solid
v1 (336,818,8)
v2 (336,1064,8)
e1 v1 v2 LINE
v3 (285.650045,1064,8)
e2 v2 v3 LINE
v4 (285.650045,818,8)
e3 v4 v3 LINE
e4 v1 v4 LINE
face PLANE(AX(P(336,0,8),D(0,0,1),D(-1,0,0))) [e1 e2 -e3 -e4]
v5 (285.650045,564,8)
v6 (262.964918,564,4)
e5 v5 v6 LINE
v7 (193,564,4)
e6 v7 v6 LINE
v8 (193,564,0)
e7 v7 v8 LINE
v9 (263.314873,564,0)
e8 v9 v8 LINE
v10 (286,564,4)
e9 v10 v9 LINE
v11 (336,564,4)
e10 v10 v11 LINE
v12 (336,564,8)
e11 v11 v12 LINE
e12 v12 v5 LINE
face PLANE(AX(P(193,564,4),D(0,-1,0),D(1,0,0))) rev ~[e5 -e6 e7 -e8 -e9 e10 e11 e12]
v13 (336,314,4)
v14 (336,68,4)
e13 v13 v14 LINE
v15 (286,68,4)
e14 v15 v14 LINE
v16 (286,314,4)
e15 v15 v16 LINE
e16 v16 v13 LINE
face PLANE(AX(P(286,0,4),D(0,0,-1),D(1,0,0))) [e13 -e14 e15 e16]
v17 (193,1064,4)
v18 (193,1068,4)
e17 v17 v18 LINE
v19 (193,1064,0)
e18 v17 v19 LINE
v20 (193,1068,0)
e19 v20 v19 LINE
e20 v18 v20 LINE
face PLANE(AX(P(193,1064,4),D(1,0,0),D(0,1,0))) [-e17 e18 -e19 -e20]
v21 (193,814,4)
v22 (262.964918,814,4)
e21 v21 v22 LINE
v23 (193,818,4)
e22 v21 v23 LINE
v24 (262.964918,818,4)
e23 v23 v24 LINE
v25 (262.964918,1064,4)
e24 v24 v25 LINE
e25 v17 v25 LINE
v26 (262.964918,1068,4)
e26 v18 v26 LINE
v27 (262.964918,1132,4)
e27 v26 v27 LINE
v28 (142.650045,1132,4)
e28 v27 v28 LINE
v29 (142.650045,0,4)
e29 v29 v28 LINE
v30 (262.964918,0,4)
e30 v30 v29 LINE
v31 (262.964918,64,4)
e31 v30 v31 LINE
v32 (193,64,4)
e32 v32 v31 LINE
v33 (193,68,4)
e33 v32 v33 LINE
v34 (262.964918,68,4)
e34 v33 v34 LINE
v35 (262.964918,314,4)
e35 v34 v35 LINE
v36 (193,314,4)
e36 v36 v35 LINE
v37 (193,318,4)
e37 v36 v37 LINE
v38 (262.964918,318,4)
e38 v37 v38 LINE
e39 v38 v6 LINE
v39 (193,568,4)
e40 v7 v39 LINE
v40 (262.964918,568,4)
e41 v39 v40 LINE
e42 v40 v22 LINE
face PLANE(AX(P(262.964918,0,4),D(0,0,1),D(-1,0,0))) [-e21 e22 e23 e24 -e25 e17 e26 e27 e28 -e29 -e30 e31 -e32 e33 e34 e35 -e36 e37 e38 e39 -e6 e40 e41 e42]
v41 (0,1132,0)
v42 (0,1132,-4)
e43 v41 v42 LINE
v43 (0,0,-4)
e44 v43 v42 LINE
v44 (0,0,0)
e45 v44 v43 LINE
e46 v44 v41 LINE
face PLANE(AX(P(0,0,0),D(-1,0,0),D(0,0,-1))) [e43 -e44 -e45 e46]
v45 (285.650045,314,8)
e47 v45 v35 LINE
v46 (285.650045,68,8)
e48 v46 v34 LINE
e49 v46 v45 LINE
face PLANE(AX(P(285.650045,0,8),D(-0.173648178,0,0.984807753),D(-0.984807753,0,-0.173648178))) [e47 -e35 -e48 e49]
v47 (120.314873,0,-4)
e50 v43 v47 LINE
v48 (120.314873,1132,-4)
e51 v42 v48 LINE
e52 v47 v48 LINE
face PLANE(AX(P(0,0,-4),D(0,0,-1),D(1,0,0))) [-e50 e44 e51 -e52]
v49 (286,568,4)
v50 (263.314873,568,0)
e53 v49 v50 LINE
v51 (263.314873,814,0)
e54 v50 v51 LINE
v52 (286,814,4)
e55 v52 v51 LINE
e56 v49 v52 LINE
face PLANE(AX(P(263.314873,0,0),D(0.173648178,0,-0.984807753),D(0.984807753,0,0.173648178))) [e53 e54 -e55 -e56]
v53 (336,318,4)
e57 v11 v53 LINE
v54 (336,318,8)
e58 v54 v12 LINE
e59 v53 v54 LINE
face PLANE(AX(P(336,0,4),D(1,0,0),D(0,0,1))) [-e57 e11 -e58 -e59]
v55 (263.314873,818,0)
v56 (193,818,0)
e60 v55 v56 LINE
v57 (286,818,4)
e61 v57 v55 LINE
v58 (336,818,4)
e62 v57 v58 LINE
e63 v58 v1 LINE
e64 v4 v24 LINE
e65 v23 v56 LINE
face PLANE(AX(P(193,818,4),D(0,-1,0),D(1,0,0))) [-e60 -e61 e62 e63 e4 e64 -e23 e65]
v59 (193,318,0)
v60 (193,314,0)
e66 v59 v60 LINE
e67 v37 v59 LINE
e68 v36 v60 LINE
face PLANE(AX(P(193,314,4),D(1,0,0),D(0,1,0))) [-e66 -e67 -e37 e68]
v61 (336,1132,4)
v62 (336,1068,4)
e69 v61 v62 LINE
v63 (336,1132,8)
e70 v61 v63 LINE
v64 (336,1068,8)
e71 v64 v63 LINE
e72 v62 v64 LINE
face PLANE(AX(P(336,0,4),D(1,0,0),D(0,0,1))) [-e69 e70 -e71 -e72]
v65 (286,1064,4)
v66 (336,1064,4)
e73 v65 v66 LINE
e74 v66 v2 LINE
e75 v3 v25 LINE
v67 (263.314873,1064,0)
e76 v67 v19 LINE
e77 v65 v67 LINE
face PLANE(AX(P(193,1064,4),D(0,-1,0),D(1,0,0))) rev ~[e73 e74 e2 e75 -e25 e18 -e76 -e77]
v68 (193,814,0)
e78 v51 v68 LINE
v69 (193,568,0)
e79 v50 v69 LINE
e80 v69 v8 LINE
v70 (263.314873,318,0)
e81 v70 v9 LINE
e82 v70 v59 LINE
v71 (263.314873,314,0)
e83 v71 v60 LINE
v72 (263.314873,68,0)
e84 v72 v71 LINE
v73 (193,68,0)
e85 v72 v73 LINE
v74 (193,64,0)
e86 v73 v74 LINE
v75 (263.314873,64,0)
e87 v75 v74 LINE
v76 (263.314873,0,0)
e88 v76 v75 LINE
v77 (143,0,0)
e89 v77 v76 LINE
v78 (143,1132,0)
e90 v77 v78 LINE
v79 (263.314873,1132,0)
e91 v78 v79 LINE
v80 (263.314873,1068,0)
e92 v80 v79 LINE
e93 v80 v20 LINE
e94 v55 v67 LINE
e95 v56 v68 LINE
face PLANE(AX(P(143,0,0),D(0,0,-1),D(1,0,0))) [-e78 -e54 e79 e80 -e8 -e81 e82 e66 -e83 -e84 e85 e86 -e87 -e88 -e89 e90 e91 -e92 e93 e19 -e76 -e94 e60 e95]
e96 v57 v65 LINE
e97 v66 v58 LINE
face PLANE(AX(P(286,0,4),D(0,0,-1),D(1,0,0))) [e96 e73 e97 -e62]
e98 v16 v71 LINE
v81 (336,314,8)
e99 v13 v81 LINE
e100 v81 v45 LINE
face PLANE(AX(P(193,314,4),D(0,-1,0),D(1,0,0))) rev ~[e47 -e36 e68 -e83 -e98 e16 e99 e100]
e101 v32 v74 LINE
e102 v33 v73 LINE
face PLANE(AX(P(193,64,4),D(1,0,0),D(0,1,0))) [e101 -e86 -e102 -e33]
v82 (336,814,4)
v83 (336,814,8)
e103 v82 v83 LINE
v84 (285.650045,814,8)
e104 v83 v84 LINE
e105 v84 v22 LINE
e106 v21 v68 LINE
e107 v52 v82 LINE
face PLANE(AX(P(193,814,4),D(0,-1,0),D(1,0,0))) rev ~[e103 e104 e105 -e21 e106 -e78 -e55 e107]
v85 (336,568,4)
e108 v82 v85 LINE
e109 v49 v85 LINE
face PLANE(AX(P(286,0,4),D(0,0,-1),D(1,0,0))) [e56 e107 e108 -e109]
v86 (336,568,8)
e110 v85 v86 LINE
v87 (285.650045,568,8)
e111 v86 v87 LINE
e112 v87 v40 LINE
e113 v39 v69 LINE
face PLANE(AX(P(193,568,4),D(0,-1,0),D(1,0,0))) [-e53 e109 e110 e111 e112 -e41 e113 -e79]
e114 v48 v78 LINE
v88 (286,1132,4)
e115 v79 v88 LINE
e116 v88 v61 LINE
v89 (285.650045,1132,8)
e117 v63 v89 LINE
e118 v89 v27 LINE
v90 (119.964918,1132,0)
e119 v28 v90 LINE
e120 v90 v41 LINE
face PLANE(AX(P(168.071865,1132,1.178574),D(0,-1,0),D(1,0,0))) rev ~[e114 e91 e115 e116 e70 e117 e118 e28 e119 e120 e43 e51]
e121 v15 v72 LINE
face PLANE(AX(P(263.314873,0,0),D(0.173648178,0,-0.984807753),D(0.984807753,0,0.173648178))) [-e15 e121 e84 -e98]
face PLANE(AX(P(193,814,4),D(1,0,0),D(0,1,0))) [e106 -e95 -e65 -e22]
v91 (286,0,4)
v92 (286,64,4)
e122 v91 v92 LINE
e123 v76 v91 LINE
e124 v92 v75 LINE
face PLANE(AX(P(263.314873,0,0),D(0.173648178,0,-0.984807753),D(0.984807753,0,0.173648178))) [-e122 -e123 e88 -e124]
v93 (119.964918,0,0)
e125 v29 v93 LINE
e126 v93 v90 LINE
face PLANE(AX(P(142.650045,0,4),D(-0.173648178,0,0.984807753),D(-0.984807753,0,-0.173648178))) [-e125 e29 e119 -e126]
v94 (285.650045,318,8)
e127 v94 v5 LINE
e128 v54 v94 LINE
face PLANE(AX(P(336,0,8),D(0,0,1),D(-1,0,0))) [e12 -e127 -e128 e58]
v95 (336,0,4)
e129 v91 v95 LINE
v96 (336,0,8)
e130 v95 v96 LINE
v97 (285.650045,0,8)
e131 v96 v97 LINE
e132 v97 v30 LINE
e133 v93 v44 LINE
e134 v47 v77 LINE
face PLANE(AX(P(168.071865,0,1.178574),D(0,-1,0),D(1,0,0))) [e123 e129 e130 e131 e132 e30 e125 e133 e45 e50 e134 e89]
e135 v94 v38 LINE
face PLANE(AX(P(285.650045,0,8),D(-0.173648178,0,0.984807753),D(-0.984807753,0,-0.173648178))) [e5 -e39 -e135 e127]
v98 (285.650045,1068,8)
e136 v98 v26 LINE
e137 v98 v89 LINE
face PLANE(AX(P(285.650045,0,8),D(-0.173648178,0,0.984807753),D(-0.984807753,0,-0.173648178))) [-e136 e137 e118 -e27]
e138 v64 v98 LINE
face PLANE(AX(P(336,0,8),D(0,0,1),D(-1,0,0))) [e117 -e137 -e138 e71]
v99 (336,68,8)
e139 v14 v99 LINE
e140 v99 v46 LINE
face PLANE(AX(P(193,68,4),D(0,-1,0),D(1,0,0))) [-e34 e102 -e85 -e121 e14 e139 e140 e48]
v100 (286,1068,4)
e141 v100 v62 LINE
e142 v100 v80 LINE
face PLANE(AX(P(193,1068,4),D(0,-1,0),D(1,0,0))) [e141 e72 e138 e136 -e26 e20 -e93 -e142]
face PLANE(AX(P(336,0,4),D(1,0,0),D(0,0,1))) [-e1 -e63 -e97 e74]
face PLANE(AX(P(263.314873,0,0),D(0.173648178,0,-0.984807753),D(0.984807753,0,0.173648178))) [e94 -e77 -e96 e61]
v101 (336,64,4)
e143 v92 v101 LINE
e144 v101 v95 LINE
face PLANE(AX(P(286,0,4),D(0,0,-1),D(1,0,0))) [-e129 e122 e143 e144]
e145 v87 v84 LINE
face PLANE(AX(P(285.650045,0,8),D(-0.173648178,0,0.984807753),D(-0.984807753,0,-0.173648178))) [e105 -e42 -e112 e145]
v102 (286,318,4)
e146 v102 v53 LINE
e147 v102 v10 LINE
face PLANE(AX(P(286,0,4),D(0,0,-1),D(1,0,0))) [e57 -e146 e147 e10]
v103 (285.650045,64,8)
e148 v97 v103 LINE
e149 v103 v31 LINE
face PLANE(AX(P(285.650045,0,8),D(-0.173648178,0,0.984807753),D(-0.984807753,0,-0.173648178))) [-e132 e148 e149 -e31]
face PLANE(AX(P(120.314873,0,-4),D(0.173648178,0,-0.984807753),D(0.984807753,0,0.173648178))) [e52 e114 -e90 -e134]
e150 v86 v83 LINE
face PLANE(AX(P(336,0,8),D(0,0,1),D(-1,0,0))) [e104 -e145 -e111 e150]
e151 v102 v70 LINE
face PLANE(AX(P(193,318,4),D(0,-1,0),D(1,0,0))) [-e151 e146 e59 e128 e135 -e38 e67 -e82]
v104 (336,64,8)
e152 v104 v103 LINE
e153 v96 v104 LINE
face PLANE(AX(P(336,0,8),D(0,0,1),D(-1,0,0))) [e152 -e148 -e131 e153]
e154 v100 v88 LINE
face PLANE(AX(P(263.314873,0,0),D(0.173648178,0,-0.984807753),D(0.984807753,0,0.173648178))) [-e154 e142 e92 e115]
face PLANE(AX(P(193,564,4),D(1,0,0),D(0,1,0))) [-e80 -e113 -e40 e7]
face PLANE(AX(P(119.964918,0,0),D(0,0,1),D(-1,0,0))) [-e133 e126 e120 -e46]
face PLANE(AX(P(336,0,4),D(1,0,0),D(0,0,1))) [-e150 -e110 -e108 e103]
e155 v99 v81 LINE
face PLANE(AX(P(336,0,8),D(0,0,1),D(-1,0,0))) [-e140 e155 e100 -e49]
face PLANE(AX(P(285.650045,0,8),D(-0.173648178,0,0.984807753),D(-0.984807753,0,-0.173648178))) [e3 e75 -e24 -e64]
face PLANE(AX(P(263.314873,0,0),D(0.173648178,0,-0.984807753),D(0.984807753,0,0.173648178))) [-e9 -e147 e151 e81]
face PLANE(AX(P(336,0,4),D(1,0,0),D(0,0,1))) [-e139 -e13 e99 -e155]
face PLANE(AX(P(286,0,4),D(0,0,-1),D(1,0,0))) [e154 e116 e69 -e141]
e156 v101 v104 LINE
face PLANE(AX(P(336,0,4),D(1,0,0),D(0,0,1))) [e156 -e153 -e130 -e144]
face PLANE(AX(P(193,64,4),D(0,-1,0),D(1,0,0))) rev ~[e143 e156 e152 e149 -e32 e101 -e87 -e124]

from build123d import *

# Parameters (mm, degrees)
F1_DEPTH      = 1132
F2_W          = 143
F2_H          = 4
F3_DEPTH      = 8.001
F3_DEPTH_BACK = 4.001


with BuildPart() as f1:
    # F0 (on Front) → F1 (new body)
    with BuildSketch(Plane.XZ):
        Polygon((119.9649180674, 0), (0, 0), (0, -4), (120.3148727215, -4), (143, 0), (263.3148727215, 0), (286, 4), (336, 4), (336, 8), (285.6500453459, 8), (262.9649180674, 4), (142.6500453459, 4), align=None)
    extrude(amount=-F1_DEPTH)

    # F2 (on face) → F3 (cut, two sides)
    with BuildSketch(Plane.XY.offset(4)) as f3_sk:
        with Locations((264.5, 66)):
            Rectangle(F2_W, F2_H)
        with Locations((264.5, 316)):
            Rectangle(F2_W, F2_H)
        with Locations((264.5, 566)):
            Rectangle(F2_W, F2_H)
        with Locations((264.5, 816)):
            Rectangle(F2_W, F2_H)
        with Locations((264.5, 1066)):
            Rectangle(F2_W, F2_H)
    extrude(amount=-F3_DEPTH, mode=Mode.SUBTRACT)
    extrude(f3_sk.sketch, amount=F3_DEPTH_BACK, mode=Mode.SUBTRACT)


solid = f1.part
